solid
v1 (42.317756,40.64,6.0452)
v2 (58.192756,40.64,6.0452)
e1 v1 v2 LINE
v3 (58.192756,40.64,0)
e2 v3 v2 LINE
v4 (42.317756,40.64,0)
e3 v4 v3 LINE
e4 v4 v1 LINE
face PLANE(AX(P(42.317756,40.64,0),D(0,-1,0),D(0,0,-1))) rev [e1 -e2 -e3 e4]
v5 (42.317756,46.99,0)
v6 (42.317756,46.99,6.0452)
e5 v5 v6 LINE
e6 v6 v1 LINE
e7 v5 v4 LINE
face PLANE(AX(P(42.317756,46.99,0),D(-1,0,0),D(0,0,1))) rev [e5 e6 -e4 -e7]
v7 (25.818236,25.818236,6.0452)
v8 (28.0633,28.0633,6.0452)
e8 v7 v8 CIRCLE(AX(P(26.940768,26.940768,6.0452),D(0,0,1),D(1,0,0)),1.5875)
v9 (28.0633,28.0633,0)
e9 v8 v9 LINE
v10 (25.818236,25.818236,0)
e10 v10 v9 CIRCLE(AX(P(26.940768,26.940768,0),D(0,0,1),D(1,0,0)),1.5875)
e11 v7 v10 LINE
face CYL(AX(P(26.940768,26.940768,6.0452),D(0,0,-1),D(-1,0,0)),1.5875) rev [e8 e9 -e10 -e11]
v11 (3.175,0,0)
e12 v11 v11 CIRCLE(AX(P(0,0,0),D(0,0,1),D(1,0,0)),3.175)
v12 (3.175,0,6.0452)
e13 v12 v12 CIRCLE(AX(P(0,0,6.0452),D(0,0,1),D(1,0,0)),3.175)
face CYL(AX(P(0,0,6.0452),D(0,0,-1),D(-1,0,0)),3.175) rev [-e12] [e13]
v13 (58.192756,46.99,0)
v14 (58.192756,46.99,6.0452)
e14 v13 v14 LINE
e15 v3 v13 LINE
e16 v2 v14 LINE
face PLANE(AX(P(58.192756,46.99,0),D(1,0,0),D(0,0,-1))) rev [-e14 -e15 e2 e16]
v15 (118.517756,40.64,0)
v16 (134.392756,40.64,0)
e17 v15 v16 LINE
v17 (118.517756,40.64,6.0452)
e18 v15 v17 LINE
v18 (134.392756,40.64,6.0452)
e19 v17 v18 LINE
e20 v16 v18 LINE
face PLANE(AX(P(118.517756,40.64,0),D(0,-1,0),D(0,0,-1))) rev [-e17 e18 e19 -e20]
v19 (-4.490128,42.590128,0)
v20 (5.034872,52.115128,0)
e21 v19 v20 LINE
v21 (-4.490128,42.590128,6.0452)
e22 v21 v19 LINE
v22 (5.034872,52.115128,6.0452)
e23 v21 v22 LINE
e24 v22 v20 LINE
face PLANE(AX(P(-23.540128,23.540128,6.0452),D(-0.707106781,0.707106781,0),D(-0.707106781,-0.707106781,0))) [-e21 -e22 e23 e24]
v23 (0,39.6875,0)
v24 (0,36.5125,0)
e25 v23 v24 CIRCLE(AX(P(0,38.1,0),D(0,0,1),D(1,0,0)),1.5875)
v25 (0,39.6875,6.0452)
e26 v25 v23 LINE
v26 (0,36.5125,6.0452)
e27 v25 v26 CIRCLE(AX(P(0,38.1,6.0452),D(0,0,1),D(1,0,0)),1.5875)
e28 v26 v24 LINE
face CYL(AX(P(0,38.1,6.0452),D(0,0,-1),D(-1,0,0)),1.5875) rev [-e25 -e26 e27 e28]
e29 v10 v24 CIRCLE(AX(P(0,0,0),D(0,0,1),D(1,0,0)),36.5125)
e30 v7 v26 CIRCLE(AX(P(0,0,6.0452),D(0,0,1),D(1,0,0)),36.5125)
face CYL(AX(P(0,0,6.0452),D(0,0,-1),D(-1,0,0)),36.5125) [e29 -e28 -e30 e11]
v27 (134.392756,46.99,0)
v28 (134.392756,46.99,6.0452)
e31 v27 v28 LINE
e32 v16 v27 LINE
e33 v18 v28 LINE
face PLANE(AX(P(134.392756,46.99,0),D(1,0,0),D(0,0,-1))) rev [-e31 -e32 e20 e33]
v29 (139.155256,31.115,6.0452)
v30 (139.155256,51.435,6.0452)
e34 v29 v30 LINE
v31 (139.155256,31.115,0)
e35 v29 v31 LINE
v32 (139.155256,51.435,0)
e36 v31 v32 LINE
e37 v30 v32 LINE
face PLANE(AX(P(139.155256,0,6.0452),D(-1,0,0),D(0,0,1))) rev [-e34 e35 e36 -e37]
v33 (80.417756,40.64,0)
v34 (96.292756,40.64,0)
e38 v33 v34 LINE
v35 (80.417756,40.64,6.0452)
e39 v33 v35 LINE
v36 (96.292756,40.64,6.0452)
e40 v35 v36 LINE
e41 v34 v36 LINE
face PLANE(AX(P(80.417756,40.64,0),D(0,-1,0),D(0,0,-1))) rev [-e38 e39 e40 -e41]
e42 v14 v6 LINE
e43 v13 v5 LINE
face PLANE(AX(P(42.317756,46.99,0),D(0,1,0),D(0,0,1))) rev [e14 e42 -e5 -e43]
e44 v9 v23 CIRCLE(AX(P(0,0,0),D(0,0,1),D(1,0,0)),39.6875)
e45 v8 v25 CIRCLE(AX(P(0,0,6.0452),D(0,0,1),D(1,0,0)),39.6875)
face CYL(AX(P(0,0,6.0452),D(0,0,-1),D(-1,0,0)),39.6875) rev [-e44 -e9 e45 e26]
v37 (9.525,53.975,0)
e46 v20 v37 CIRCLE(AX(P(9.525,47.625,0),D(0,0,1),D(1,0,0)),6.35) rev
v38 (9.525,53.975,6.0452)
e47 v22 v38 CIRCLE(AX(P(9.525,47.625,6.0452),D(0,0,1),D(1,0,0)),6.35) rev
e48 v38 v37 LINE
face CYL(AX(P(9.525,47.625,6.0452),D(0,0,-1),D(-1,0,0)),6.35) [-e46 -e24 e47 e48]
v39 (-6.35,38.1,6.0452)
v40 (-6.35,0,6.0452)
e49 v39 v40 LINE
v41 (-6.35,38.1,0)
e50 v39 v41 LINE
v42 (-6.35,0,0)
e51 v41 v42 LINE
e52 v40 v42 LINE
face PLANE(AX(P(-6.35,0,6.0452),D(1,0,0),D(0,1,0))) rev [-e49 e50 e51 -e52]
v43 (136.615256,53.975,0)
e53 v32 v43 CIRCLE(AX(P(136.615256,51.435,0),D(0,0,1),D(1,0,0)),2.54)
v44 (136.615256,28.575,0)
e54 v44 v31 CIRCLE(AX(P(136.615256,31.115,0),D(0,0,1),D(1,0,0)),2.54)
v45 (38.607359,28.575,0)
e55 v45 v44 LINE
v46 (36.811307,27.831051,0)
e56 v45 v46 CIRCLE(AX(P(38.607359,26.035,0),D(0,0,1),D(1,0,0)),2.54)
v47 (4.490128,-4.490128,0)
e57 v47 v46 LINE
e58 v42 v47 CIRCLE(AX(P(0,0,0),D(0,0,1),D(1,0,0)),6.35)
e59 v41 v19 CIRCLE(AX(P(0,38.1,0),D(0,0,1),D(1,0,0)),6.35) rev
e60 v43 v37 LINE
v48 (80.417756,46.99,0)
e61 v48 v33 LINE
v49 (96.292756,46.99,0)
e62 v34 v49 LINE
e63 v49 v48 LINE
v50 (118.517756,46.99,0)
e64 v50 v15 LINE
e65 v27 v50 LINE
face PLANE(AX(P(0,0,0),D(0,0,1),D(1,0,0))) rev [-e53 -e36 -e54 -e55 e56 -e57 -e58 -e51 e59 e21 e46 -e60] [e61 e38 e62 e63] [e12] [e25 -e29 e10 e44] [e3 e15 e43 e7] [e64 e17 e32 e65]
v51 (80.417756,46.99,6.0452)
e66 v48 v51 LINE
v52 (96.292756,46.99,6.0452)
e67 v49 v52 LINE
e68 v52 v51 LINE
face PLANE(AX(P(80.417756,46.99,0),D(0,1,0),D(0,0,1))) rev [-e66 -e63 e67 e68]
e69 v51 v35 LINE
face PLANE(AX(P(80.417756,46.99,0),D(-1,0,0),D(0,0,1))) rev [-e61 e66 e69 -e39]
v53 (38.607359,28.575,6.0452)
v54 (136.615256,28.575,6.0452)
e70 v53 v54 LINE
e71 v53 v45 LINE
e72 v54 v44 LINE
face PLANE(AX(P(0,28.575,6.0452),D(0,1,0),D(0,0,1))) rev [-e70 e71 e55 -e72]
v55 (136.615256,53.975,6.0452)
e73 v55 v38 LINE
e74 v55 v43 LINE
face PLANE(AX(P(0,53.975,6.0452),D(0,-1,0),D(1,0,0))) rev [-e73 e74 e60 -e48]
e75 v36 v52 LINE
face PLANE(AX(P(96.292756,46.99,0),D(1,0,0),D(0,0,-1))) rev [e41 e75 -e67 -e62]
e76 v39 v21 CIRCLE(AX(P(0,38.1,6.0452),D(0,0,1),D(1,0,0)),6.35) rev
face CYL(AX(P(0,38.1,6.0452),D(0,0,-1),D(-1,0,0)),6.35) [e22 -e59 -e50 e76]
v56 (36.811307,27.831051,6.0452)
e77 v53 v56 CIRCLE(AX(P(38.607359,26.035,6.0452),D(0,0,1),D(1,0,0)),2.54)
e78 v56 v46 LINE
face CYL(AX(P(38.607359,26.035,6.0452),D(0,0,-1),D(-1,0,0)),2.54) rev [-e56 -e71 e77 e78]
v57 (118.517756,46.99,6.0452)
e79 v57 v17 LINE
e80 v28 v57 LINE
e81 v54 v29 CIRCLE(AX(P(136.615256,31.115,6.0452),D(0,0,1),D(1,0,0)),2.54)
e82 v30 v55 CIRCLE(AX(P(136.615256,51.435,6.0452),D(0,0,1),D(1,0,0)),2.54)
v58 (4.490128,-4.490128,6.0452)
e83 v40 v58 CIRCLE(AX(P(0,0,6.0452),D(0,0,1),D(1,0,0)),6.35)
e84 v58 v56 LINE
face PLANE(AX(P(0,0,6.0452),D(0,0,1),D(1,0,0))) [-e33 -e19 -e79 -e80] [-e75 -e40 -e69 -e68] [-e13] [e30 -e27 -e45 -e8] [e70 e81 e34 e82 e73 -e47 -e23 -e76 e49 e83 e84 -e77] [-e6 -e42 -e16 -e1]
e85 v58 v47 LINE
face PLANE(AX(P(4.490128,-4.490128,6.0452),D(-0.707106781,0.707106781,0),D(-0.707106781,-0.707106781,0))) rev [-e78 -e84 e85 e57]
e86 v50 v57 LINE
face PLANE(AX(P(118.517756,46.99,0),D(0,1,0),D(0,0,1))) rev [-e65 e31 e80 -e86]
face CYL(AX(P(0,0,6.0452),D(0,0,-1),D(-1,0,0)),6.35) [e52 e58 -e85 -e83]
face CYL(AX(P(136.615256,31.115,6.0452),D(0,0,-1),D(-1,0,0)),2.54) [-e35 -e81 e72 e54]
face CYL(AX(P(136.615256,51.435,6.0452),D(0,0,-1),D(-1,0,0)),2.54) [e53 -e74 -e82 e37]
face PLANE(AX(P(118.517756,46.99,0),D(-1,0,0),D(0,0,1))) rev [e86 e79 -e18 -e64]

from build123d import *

# Parameters (mm, degrees)
SKETCH1_R           = 3.175
BOSS_EXTRUDE1_DEPTH = 6.0452
SKETCH2_W           = 15.875
SKETCH2_H           = 6.35
CUT_EXTRUDE1_DEPTH  = 6.0452


with BuildPart() as part:
    # Sketch1 → Boss-Extrude1 (new body)
    with BuildSketch(Plane.XY):
        with BuildLine():
            Line((-6.35, 38.1), (-6.35, 0))
            ThreePointArc((-6.35, 0), (-2.430039796, -5.866635031), (4.490128061, -4.490128061))
            Line((4.490128061, -4.490128061), (31.430896424, 22.450640303))
            Line((31.430896424, 22.450640303), (36.811307345, 27.831051224))
            ThreePointArc((36.811307345, 27.831051224), (37.635342651, 28.381654013), (38.607358569, 28.575))
            Line((38.607358569, 28.575), (136.615256121, 28.575))
            ThreePointArc((136.615256121, 28.575), (138.411307345, 29.318948776), (139.155256121, 31.115))
            Line((139.155256121, 31.115), (139.155256121, 51.435))
            ThreePointArc((139.155256121, 51.435), (138.411307345, 53.231051224), (136.615256121, 53.975))
            Line((136.615256121, 53.975), (9.525, 53.975))
            ThreePointArc((9.525, 53.975), (7.094960204, 53.491635031), (5.034871939, 52.115128061))
            Line((5.034871939, 52.115128061), (-4.490128061, 42.590128061))
            ThreePointArc((-4.490128061, 42.590128061), (-5.866635031, 40.530039796), (-6.35, 38.1))
        make_face()
        Circle(SKETCH1_R, mode=Mode.SUBTRACT)
        with BuildLine():
            ThreePointArc((25.818236348, 25.818236348), (13.972728824, 33.733151431), (0, 36.5125))
            ThreePointArc((0, 36.5125), (-1.5875, 38.1), (0, 39.6875))
            ThreePointArc((0, 39.6875), (15.187748722, 36.666468947), (28.063300378, 28.063300378))
            ThreePointArc((28.063300378, 28.063300378), (28.063300378, 25.818236348), (25.818236348, 25.818236348))
        make_face(mode=Mode.SUBTRACT)
    extrude(amount=BOSS_EXTRUDE1_DEPTH)

    # Sketch2 → Cut-Extrude1 (cut)
    with BuildSketch(Plane.XY.offset(6.0452)):
        with Locations((126.455256121, 43.815)):
            Rectangle(SKETCH2_W, SKETCH2_H)
        with Locations((88.355256121, 43.815)):
            Rectangle(SKETCH2_W, SKETCH2_H)
        with Locations((50.255256121, 43.815)):
            Rectangle(SKETCH2_W, SKETCH2_H)
    extrude(amount=-CUT_EXTRUDE1_DEPTH, mode=Mode.SUBTRACT)


solid = part.part
